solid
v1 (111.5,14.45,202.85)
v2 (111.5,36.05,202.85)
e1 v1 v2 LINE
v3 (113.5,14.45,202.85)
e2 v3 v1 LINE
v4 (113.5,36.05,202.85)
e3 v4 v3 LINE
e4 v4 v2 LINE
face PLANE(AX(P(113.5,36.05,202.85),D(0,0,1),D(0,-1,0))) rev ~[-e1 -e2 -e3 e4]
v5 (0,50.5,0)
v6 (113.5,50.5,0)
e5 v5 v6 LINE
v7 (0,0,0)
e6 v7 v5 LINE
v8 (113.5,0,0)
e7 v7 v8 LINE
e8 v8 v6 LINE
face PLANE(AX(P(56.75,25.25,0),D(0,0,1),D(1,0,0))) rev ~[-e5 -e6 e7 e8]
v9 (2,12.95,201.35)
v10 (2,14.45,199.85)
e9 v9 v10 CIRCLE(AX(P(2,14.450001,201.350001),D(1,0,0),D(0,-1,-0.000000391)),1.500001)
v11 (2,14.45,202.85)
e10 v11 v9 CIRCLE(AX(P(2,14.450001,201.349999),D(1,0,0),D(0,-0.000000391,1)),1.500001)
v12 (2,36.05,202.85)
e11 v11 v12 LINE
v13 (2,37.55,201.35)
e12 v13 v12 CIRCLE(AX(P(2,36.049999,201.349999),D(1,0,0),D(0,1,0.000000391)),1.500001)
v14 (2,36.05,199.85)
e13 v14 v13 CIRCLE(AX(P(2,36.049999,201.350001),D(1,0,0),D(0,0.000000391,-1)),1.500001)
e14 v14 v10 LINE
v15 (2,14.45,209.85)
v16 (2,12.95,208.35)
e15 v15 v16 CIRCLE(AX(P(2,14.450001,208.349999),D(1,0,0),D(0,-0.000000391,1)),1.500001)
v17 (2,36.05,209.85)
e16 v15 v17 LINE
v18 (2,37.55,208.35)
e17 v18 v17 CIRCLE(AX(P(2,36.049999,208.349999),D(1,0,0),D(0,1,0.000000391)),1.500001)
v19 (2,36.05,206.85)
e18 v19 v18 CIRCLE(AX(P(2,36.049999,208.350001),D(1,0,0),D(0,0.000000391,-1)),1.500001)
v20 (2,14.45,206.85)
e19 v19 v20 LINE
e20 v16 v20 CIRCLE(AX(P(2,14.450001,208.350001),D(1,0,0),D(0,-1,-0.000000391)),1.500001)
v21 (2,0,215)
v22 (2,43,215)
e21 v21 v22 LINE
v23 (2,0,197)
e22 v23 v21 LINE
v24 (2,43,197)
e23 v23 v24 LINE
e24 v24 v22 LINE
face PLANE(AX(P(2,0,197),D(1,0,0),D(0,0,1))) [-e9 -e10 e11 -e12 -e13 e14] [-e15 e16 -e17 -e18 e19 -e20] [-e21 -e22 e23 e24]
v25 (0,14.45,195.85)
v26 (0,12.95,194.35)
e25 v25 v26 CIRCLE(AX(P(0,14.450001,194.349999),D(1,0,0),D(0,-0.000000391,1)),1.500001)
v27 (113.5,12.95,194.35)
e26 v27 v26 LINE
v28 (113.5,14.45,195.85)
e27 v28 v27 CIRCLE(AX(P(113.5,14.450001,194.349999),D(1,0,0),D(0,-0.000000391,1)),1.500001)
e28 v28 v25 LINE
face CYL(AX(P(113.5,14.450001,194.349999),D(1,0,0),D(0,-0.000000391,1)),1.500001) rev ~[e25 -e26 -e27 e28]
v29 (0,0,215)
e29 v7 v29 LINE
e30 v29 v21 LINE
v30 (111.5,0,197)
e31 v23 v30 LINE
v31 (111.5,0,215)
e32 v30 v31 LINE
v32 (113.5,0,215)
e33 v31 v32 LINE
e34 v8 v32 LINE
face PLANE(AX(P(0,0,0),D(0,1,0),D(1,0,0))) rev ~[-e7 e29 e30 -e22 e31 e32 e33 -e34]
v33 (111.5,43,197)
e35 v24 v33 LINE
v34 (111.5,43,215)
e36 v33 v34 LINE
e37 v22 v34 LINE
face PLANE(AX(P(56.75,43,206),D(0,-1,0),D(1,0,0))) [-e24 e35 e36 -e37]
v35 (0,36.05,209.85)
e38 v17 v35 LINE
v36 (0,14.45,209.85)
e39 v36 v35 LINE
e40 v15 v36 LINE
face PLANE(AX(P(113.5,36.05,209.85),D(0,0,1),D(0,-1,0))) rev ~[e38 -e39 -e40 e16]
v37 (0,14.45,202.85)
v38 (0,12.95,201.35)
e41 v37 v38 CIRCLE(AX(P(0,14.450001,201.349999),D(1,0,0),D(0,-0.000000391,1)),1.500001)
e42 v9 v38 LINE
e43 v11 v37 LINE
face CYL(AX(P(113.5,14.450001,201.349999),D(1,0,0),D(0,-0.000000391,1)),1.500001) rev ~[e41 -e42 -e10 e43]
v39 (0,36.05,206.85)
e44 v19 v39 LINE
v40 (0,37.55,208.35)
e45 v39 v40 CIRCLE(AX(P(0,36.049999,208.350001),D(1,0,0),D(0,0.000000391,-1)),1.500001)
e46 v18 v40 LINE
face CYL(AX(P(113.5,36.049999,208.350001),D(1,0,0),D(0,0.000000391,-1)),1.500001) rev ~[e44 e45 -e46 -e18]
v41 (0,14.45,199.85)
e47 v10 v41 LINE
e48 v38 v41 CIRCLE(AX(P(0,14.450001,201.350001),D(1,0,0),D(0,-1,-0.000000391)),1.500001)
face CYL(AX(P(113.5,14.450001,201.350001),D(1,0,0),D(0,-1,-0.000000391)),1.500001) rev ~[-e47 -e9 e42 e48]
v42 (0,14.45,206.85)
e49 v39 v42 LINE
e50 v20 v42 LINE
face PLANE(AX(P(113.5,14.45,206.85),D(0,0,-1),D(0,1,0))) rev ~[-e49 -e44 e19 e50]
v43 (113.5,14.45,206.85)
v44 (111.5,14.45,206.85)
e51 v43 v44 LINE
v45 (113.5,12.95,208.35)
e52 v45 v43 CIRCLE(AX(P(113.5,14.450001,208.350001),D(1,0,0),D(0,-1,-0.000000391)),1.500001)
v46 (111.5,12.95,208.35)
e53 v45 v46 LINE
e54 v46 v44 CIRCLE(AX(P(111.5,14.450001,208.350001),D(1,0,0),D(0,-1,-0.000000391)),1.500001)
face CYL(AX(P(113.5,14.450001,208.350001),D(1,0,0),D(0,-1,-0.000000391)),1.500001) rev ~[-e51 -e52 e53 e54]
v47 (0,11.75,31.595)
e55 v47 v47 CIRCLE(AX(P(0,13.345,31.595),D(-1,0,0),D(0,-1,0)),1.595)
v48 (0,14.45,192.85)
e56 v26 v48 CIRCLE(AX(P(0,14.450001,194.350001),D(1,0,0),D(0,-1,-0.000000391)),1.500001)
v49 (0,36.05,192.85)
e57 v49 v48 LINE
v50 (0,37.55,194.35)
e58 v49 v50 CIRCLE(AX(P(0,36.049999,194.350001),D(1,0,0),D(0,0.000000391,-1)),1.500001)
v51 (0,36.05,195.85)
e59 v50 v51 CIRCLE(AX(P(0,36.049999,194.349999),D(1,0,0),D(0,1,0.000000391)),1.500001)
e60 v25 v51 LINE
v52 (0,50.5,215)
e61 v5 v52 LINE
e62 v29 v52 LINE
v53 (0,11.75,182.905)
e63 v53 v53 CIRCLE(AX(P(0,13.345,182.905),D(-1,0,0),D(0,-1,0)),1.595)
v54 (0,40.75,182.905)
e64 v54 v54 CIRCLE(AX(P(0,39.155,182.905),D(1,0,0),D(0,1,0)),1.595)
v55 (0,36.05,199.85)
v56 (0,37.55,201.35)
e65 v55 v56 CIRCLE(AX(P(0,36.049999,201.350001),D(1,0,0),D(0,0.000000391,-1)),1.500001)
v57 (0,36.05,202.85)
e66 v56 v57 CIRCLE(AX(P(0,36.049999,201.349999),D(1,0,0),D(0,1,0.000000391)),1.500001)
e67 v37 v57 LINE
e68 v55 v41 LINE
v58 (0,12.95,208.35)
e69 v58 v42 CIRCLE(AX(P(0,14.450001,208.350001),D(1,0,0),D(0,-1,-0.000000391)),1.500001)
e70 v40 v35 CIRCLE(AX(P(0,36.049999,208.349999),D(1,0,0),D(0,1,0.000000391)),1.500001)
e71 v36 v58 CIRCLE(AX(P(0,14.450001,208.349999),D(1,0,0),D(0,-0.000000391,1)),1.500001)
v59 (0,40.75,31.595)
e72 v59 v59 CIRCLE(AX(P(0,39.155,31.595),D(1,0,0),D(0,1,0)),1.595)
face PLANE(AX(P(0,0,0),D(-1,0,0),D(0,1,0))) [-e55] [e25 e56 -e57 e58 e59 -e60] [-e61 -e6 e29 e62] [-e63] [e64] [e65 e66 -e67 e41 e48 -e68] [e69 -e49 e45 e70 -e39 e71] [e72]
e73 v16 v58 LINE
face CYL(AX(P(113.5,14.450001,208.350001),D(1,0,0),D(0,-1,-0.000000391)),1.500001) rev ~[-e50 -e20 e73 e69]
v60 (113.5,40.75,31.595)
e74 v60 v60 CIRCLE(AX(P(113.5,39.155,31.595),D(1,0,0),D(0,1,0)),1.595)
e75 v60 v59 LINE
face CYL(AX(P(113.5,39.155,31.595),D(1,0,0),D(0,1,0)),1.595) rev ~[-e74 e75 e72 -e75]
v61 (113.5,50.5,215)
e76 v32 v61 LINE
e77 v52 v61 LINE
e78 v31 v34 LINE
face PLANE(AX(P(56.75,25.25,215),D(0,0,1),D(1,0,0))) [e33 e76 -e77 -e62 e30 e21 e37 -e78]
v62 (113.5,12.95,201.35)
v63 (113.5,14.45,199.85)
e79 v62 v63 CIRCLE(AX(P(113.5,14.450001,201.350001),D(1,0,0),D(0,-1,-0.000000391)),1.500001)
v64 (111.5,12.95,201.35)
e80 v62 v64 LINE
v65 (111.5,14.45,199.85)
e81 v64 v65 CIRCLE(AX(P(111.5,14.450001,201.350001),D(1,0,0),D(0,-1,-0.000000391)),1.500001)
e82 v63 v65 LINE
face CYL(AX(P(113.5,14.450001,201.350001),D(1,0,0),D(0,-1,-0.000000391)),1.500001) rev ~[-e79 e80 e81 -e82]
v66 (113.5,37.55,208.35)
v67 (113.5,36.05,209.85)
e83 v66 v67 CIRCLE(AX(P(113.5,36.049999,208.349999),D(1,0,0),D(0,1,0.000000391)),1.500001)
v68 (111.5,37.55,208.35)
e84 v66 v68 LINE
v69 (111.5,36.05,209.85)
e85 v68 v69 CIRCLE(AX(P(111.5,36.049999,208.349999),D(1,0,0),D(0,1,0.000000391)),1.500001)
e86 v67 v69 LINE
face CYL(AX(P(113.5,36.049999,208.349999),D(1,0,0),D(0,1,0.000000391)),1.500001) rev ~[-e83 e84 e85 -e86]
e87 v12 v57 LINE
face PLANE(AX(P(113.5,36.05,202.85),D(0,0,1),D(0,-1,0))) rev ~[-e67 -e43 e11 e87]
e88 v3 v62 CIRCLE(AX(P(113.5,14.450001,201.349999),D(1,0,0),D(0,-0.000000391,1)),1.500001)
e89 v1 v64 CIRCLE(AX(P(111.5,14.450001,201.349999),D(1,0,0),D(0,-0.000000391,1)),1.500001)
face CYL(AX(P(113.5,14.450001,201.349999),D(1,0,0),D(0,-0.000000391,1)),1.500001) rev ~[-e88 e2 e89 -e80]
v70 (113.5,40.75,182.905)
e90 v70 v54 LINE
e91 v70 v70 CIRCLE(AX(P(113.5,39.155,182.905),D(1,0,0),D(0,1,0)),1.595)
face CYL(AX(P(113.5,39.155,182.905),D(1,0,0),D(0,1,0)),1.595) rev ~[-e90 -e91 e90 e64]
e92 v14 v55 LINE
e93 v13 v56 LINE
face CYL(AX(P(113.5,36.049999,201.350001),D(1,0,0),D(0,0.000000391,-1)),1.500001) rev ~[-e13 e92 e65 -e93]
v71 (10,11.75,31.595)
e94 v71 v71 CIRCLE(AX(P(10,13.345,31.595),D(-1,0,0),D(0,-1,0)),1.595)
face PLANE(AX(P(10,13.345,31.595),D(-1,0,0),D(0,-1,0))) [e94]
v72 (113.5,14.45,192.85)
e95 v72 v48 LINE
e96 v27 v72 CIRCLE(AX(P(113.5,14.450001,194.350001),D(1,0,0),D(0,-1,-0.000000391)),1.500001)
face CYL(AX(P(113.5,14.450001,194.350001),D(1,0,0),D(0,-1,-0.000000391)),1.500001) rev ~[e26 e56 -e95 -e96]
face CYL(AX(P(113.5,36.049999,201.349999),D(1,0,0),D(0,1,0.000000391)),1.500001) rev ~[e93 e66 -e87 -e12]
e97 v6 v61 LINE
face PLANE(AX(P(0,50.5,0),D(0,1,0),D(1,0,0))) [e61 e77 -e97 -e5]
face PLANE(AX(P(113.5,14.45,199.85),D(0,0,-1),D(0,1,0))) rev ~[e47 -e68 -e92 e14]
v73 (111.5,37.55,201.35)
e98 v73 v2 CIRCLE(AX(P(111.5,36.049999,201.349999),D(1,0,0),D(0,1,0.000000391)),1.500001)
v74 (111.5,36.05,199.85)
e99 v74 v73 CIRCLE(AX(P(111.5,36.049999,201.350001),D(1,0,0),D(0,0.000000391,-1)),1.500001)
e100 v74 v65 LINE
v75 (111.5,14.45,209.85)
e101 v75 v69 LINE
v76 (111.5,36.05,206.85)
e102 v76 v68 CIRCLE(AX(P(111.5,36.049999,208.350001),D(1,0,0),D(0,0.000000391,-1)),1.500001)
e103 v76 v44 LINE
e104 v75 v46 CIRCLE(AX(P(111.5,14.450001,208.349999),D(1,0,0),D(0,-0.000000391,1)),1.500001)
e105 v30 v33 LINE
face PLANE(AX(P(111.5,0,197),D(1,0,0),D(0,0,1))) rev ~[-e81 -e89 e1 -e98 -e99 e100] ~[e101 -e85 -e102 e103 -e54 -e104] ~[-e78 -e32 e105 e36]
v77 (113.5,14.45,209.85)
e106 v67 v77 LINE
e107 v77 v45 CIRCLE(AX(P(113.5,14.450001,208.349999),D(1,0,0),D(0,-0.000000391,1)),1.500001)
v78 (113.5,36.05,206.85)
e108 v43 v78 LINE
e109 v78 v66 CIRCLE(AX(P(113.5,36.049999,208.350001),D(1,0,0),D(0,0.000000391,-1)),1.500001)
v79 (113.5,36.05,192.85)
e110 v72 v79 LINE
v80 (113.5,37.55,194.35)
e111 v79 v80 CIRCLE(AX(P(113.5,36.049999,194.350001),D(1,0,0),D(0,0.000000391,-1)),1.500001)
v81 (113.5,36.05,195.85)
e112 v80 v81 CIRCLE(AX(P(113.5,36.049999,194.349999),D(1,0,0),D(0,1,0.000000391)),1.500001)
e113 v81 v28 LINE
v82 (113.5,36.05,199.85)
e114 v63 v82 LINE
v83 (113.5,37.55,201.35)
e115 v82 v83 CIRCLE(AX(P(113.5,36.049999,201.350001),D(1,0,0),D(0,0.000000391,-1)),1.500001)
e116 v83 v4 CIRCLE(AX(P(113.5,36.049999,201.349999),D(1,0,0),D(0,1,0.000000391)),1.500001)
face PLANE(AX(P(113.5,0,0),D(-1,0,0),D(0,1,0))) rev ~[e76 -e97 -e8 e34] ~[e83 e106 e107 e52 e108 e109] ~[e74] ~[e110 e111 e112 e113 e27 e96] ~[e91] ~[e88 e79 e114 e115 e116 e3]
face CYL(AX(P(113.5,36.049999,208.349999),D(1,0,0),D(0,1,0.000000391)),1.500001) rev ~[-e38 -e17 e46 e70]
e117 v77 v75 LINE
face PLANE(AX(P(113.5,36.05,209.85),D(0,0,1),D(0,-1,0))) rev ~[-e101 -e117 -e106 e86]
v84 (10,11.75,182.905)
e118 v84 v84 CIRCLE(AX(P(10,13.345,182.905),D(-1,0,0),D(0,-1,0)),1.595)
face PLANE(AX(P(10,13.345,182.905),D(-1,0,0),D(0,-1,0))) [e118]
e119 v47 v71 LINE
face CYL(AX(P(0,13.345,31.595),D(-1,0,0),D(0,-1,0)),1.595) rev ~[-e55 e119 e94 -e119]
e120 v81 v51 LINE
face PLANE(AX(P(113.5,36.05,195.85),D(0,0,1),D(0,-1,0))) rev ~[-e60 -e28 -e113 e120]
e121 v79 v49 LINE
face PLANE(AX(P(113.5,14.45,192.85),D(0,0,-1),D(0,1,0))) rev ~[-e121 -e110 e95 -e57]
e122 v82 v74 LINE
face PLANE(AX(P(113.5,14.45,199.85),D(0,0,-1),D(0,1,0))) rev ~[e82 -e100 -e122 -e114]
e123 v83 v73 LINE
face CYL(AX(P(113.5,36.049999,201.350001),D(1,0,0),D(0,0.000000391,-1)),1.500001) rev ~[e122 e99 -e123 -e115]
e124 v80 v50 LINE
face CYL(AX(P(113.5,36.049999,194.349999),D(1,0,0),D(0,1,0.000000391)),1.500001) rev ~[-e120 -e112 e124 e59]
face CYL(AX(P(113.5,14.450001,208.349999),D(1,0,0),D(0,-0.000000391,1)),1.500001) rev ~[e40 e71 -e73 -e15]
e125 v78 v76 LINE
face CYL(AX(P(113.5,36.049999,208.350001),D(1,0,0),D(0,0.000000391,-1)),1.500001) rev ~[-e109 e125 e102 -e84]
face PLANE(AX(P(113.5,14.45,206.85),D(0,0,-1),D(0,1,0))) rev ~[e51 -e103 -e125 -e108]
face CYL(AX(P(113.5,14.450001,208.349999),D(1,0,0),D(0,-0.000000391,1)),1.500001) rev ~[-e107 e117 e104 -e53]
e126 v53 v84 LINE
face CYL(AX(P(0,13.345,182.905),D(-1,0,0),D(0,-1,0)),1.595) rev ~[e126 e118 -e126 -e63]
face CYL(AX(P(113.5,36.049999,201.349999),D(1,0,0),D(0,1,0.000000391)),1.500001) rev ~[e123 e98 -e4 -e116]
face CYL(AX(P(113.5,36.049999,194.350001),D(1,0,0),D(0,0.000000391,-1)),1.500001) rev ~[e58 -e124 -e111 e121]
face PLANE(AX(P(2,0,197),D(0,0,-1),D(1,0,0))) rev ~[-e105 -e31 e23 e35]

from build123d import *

# Parameters (mm, degrees)
F0_W     = 113.5
F0_H     = 50.5
F1_DEPTH = 215
F3_DEPTH = 113.501
F4_W     = 109.5
F4_H     = 18
F5_DEPTH = 43
F6_R     = 1.595
F7_DEPTH = 113.501
F8_R     = 1.595
F9_DEPTH = 10


with BuildPart() as f1:
    # F0 (on Top) → F1 (new body)
    with BuildSketch(Plane.XY):
        with Locations((56.75, 25.25)):
            Rectangle(F0_W, F0_H)
    extrude(amount=F1_DEPTH)

    # F2 (on face) → F3 (cut, through all)
    with BuildSketch(Plane.YZ.offset(113.5)):
        with BuildLine():
            Line((36.05, 209.85), (14.45, 209.85))
            ThreePointArc((14.45, 209.85), (13.38934, 209.41066), (12.95, 208.35))
            ThreePointArc((12.95, 208.35), (13.38934, 207.28934), (14.45, 206.85))
            Line((14.45, 206.85), (36.05, 206.85))
            ThreePointArc((36.05, 206.85), (37.11066, 207.28934), (37.55, 208.35))
            ThreePointArc((37.55, 208.35), (37.11066, 209.41066), (36.05, 209.85))
        make_face()
        with BuildLine():
            ThreePointArc((12.95, 201.35), (13.38934, 200.28934), (14.45, 199.85))
            Line((14.45, 199.85), (36.05, 199.85))
            ThreePointArc((36.05, 199.85), (37.11066, 200.28934), (37.55, 201.35))
            ThreePointArc((37.55, 201.35), (37.11066, 202.41066), (36.05, 202.85))
            Line((36.05, 202.85), (14.45, 202.85))
            ThreePointArc((14.45, 202.85), (13.38934, 202.41066), (12.95, 201.35))
        make_face()
        with BuildLine():
            ThreePointArc((12.95, 194.35), (13.38934, 193.28934), (14.45, 192.85))
            Line((14.45, 192.85), (36.05, 192.85))
            ThreePointArc((36.05, 192.85), (37.11066, 193.28934), (37.55, 194.35))
            ThreePointArc((37.55, 194.35), (37.11066, 195.41066), (36.05, 195.85))
            Line((36.05, 195.85), (14.45, 195.85))
            ThreePointArc((14.45, 195.85), (13.38934, 195.41066), (12.95, 194.35))
        make_face()
    extrude(amount=-F3_DEPTH, mode=Mode.SUBTRACT)

    # F4 (on face) → F5 (cut)
    with BuildSketch(Plane.XZ):
        with Locations((56.75, 206)):
            Rectangle(F4_W, F4_H)
    extrude(amount=-F5_DEPTH, mode=Mode.SUBTRACT)

    # F6 (on face) → F7 (cut, through all)
    with BuildSketch(Plane.YZ.offset(113.5)):
        with Locations((39.155, 31.595)):
            Circle(F6_R)
        with Locations((39.155, 182.905)):
            Circle(F6_R)
    extrude(amount=-F7_DEPTH, mode=Mode.SUBTRACT)

    # F8 (on face) → F9 (cut)
    with BuildSketch(Plane(origin=(0, 0, 0), x_dir=(0, -1, 0), z_dir=(-1, 0, 0))):
        with Locations((-13.345, 182.905)):
            Circle(F8_R)
        with Locations((-13.345, 31.595)):
            Circle(F8_R)
    extrude(amount=-F9_DEPTH, mode=Mode.SUBTRACT)


solid = f1.part
